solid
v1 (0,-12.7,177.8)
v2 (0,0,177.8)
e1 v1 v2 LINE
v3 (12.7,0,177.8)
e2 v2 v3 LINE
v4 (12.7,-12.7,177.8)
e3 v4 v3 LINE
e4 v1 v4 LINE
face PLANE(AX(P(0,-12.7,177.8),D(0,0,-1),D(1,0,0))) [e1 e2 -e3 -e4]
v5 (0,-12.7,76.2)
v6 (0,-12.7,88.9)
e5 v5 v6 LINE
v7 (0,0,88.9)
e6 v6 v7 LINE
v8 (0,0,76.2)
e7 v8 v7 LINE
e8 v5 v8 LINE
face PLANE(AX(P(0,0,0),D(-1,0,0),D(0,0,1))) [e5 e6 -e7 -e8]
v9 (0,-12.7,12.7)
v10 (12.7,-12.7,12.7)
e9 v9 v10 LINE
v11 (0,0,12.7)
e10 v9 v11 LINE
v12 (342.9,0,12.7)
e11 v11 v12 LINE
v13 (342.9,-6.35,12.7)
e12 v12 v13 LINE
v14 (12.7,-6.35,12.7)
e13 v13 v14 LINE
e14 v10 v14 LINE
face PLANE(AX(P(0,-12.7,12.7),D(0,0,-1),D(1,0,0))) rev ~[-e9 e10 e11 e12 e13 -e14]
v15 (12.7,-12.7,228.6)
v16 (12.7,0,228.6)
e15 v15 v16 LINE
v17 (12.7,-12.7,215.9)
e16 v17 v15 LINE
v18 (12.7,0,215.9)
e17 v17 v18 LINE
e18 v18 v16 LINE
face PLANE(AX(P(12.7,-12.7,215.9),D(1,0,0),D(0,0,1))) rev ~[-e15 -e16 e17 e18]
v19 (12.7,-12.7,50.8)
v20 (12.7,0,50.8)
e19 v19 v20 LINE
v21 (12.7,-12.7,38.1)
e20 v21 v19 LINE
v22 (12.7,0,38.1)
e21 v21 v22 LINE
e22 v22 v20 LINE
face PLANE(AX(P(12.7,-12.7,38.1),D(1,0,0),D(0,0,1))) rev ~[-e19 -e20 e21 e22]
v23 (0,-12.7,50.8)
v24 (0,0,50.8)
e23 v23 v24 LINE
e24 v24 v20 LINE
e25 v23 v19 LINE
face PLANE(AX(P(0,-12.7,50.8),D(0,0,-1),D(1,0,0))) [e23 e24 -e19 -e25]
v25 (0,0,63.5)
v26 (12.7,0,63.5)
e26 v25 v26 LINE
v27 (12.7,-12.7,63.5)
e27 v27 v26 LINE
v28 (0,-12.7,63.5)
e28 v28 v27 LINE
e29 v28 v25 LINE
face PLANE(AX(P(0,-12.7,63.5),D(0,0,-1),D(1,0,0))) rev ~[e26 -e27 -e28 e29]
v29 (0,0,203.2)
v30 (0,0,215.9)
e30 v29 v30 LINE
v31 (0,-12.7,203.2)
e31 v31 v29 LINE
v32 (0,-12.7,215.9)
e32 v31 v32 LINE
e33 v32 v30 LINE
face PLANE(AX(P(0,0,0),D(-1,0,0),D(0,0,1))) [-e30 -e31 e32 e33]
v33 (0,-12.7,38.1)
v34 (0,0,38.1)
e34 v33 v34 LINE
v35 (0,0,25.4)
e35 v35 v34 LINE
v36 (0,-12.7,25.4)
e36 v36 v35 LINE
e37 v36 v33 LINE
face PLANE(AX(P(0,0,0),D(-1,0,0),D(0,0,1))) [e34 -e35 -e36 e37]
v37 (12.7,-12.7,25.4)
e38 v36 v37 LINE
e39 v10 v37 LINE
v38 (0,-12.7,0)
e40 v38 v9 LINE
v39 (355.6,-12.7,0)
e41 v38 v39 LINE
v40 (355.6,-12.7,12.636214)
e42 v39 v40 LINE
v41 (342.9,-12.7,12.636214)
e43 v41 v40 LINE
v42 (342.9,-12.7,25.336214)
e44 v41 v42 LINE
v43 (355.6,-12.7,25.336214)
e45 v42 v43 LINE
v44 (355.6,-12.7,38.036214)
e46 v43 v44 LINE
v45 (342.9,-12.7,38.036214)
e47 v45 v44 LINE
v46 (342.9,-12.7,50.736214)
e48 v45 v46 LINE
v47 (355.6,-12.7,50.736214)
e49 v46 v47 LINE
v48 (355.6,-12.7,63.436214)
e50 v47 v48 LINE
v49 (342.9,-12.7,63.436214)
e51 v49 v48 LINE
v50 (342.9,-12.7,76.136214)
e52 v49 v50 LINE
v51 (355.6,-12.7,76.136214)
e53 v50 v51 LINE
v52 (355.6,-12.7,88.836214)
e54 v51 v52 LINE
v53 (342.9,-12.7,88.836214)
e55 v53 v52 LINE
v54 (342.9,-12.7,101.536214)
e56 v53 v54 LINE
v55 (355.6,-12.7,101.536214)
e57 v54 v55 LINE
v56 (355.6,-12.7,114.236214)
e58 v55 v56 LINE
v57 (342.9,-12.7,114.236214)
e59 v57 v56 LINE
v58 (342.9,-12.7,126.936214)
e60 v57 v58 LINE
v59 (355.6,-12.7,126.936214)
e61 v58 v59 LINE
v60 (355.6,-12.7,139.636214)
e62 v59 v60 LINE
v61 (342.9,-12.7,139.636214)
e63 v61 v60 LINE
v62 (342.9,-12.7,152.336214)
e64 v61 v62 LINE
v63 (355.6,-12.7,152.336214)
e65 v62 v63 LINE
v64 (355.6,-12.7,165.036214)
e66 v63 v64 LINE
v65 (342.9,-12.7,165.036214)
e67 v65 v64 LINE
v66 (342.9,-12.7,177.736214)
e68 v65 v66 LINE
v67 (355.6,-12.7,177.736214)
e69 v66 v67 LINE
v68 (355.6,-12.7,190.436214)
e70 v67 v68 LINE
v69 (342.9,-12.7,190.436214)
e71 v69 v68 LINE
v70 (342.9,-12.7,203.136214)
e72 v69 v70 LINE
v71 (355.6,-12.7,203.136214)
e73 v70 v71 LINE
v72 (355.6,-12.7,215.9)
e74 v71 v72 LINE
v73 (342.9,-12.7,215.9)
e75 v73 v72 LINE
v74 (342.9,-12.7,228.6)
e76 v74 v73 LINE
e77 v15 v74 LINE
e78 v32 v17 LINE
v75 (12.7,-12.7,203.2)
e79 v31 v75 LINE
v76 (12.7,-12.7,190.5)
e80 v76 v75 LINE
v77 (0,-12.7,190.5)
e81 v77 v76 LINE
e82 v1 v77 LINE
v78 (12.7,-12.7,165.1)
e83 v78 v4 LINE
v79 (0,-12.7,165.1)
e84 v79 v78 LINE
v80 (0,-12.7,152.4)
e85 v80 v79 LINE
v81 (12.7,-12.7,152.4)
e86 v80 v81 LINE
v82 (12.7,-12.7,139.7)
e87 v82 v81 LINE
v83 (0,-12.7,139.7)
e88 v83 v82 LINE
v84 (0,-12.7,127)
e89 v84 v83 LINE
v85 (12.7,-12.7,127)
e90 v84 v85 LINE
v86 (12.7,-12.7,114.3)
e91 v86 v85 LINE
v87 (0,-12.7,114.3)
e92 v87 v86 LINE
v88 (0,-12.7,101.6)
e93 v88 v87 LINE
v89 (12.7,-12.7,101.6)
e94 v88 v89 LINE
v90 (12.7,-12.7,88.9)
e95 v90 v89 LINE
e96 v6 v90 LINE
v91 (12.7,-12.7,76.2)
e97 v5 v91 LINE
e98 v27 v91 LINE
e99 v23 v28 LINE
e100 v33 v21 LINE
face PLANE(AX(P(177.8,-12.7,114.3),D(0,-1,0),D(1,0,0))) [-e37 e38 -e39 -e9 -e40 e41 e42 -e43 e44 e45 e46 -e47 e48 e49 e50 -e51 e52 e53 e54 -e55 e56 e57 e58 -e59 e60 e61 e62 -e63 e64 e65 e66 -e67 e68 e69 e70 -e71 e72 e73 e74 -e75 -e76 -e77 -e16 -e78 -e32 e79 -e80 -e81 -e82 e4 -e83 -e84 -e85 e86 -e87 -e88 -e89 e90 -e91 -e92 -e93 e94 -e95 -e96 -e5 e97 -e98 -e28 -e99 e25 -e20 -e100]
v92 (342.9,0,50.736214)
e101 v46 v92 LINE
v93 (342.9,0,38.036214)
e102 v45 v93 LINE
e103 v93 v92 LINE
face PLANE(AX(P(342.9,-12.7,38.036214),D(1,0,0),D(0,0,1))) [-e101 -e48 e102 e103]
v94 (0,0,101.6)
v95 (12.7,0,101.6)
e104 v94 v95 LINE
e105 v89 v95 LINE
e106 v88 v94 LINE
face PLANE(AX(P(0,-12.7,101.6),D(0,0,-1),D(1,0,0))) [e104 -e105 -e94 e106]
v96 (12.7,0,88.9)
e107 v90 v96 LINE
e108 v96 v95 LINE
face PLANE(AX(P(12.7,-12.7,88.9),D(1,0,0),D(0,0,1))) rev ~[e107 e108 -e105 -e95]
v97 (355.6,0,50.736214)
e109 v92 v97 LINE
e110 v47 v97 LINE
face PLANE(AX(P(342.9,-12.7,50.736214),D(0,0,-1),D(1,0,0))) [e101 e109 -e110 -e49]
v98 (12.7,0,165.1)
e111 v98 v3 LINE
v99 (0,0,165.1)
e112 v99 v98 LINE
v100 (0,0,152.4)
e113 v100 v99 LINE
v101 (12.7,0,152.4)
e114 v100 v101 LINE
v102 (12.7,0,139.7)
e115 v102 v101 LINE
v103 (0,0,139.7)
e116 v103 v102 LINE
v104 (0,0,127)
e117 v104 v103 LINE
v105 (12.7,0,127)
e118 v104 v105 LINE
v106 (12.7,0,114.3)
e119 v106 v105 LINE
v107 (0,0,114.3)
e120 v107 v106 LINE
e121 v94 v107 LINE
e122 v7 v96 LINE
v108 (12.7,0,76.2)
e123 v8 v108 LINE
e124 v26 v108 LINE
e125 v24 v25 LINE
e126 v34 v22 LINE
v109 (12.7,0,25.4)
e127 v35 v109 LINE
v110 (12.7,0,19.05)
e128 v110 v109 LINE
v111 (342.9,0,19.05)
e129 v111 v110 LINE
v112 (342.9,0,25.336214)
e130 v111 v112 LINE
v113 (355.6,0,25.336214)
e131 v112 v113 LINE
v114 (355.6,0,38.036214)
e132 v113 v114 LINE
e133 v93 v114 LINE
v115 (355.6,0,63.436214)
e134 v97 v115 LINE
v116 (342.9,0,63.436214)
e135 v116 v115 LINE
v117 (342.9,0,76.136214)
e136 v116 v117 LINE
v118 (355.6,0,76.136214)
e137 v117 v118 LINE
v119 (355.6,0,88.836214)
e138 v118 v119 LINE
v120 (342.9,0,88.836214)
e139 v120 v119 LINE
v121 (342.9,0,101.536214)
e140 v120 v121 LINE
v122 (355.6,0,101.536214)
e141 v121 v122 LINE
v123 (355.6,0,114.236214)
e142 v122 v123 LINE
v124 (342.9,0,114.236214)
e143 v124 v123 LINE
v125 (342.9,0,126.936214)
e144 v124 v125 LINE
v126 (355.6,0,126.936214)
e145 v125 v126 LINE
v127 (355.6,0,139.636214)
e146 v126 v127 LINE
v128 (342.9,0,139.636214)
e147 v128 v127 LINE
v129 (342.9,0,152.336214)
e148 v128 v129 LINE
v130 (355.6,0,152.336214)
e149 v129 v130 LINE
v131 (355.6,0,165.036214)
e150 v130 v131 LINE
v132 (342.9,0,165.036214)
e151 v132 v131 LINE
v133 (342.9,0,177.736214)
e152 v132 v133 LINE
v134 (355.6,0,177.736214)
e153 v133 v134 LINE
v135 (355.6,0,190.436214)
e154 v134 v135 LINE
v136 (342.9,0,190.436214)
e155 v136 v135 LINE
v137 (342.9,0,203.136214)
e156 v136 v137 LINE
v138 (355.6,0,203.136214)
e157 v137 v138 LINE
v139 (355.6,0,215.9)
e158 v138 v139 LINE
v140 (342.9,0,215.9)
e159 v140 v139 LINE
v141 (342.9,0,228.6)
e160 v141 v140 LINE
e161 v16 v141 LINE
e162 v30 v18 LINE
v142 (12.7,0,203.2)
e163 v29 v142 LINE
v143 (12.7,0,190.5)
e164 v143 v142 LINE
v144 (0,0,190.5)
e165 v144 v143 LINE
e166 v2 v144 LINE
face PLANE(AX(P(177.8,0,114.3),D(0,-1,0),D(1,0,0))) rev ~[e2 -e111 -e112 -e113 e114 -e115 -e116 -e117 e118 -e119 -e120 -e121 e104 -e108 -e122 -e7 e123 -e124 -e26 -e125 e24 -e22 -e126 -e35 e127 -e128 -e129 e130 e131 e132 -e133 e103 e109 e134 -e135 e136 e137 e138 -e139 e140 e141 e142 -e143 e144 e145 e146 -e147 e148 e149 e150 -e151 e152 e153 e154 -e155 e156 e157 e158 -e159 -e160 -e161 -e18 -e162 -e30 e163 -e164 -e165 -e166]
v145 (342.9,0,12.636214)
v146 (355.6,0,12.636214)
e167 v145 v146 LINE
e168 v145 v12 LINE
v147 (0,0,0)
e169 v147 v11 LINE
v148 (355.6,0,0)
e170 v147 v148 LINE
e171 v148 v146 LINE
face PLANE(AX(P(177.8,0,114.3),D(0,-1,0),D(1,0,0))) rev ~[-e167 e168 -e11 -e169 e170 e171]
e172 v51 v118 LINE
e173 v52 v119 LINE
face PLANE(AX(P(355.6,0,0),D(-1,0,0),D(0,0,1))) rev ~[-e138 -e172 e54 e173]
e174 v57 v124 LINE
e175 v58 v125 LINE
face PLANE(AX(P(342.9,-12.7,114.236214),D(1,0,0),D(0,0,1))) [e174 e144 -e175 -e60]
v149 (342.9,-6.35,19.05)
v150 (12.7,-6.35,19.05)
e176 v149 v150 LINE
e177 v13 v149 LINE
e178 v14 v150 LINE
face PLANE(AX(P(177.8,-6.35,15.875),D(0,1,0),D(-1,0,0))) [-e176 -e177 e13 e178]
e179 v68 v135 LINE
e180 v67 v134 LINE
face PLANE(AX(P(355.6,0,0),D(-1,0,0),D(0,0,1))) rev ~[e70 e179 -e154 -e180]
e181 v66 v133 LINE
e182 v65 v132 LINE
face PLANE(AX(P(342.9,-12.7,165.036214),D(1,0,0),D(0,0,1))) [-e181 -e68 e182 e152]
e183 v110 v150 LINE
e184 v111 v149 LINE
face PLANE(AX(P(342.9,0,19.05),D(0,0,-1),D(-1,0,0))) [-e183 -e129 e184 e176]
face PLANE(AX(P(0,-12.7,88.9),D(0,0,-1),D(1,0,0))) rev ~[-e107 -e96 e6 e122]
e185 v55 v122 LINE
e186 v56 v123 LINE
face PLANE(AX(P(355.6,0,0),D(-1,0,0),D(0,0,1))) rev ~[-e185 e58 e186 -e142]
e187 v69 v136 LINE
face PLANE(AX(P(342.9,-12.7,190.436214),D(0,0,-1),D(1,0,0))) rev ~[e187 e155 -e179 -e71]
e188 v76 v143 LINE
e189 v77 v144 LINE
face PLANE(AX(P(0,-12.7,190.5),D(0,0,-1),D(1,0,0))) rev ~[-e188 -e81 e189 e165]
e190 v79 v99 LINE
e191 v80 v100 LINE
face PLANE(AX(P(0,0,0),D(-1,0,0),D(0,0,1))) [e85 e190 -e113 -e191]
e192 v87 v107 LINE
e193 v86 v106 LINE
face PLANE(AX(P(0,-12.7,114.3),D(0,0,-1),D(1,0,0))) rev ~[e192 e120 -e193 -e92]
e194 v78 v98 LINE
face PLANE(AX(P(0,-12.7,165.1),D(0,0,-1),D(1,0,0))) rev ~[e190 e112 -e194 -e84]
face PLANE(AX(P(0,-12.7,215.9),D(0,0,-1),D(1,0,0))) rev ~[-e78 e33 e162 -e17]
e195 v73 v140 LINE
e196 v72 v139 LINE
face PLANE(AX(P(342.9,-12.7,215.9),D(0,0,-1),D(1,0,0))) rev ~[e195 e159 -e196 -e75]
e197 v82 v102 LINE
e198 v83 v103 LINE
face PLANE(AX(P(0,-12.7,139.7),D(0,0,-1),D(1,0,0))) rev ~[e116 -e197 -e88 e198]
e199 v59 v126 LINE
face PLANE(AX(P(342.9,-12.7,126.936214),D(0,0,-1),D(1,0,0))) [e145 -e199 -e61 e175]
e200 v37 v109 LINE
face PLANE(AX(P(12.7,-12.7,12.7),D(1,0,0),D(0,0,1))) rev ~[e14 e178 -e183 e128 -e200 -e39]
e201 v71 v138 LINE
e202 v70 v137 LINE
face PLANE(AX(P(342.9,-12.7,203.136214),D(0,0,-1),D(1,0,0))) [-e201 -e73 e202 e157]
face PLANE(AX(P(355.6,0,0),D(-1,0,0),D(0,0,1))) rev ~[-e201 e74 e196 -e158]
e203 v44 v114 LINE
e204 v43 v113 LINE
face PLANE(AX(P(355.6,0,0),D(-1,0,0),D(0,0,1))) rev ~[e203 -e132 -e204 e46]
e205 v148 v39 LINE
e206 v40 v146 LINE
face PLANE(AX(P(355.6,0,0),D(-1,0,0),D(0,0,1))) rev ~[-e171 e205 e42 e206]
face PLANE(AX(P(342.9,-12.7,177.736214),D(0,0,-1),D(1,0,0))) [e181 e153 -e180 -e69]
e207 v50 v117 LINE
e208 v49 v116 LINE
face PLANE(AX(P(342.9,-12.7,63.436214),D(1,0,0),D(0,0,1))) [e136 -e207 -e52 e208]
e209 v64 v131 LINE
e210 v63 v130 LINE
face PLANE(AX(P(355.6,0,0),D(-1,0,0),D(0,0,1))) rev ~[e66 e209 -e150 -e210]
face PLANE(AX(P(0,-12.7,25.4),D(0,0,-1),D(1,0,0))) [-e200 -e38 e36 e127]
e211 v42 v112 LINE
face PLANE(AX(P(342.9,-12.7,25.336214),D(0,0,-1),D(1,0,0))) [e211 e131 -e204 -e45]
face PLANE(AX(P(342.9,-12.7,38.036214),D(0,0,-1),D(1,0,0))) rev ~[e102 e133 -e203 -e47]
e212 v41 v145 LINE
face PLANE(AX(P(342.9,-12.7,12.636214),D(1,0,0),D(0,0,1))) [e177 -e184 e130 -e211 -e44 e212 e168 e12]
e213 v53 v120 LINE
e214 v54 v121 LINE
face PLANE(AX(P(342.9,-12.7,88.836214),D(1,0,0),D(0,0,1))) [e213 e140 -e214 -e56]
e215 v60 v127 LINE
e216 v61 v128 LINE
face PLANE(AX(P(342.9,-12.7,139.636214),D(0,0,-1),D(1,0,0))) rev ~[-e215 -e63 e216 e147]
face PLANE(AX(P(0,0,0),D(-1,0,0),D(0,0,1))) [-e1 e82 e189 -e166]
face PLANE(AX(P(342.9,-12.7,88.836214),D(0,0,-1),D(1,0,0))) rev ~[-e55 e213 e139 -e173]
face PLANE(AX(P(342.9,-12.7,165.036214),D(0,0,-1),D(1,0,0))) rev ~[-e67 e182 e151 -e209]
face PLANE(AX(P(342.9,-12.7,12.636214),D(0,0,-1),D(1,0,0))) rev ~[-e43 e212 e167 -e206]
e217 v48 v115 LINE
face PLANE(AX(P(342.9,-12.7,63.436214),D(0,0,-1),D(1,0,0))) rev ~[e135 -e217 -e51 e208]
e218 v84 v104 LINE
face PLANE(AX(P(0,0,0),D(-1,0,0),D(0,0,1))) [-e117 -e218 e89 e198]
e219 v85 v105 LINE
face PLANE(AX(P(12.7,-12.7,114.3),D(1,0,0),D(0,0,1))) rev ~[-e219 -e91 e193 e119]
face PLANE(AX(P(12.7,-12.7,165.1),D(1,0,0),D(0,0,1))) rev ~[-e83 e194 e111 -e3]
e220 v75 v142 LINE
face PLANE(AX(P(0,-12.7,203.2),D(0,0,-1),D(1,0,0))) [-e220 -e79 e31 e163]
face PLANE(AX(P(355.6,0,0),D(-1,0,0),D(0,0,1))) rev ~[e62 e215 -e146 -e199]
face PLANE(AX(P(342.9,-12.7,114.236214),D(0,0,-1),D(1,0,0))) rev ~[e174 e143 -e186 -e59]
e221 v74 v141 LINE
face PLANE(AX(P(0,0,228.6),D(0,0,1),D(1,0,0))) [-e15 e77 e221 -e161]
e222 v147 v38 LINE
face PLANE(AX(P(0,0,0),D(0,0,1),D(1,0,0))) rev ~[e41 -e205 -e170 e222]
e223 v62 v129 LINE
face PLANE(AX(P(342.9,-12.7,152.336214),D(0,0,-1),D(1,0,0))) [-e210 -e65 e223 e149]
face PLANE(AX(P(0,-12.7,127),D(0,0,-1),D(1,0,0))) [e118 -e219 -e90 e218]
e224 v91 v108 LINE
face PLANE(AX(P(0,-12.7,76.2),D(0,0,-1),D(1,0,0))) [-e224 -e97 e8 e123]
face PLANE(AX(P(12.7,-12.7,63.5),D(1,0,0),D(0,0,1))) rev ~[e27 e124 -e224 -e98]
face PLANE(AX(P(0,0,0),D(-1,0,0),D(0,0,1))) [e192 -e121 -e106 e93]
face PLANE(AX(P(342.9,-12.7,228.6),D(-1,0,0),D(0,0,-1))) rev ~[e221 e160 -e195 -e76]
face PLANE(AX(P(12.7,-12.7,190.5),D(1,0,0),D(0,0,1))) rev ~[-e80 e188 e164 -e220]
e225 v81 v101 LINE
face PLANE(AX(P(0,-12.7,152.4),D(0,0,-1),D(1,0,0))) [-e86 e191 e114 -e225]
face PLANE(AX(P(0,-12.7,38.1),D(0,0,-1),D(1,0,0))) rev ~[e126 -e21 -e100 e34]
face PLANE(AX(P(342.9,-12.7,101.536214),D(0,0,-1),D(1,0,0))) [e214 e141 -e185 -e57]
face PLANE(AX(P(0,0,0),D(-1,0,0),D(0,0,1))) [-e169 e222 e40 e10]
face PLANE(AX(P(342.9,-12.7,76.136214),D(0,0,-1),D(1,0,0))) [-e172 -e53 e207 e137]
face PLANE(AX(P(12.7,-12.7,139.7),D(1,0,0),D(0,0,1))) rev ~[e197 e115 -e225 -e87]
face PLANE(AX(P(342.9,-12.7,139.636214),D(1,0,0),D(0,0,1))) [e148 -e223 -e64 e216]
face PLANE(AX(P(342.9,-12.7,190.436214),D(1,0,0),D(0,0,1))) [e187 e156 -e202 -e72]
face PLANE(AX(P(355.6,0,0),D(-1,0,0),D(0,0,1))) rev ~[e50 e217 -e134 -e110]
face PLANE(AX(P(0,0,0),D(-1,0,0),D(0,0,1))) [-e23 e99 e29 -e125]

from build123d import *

# Parameters (mm, degrees)
F0_W     = 355.6
F0_H     = 228.6
F1_DEPTH = 12.7
F2_W     = 12.7
F2_H     = 12.7
F3_DEPTH = 25.4
F4_W     = 330.2
F4_H     = 6.35
F5_DEPTH = 6.35


with BuildPart() as f1:
    # F0 (on Front) → F1 (new body)
    with BuildSketch(Plane.XZ):
        with Locations((177.8, 114.3)):
            Rectangle(F0_W, F0_H)
    extrude(amount=F1_DEPTH)

    # F2 (on face) → F3 (cut)
    with BuildSketch(Plane.XZ.offset(12.7)):
        with Locations((6.35, 222.25)):
            Rectangle(F2_W, F2_H)
        with Locations((6.35, 196.85)):
            Rectangle(F2_W, F2_H)
        with Locations((6.35, 171.45)):
            Rectangle(F2_W, F2_H)
        with Locations((6.35, 146.05)):
            Rectangle(F2_W, F2_H)
        with Locations((6.35, 120.65)):
            Rectangle(F2_W, F2_H)
        with Locations((6.35, 95.25)):
            Rectangle(F2_W, F2_H)
        with Locations((6.35, 69.85)):
            Rectangle(F2_W, F2_H)
        with Locations((6.35, 44.45)):
            Rectangle(F2_W, F2_H)
        with Locations((6.35, 19.05)):
            Rectangle(F2_W, F2_H)
        Polygon((346.075, 228.6), (342.9, 228.6), (342.9, 215.9), (346.075, 215.9), (352.425, 215.9), (355.6, 215.9), (355.6, 228.6), (352.425, 228.6), align=None)
        with Locations((349.25, 196.786214)):
            Rectangle(F2_W, F2_H)
        with Locations((349.25, 171.386214)):
            Rectangle(F2_W, F2_H)
        with Locations((349.25, 145.986214)):
            Rectangle(F2_W, F2_H)
        with Locations((349.25, 120.586214)):
            Rectangle(F2_W, F2_H)
        with Locations((349.25, 95.186214)):
            Rectangle(F2_W, F2_H)
        with Locations((349.25, 69.786214)):
            Rectangle(F2_W, F2_H)
        with Locations((349.25, 44.386214)):
            Rectangle(F2_W, F2_H)
        with Locations((349.25, 18.986214)):
            Rectangle(F2_W, F2_H)
    extrude(amount=-F3_DEPTH, mode=Mode.SUBTRACT)

    # F4 (on face) → F5 (cut)
    with BuildSketch(Plane(origin=(0, 0, 0), x_dir=(-1, 0, 0), z_dir=(0, 1, 0))):
        with Locations((-177.8, 15.875)):
            Rectangle(F4_W, F4_H)
    extrude(amount=-F5_DEPTH, mode=Mode.SUBTRACT)


solid = f1.part
